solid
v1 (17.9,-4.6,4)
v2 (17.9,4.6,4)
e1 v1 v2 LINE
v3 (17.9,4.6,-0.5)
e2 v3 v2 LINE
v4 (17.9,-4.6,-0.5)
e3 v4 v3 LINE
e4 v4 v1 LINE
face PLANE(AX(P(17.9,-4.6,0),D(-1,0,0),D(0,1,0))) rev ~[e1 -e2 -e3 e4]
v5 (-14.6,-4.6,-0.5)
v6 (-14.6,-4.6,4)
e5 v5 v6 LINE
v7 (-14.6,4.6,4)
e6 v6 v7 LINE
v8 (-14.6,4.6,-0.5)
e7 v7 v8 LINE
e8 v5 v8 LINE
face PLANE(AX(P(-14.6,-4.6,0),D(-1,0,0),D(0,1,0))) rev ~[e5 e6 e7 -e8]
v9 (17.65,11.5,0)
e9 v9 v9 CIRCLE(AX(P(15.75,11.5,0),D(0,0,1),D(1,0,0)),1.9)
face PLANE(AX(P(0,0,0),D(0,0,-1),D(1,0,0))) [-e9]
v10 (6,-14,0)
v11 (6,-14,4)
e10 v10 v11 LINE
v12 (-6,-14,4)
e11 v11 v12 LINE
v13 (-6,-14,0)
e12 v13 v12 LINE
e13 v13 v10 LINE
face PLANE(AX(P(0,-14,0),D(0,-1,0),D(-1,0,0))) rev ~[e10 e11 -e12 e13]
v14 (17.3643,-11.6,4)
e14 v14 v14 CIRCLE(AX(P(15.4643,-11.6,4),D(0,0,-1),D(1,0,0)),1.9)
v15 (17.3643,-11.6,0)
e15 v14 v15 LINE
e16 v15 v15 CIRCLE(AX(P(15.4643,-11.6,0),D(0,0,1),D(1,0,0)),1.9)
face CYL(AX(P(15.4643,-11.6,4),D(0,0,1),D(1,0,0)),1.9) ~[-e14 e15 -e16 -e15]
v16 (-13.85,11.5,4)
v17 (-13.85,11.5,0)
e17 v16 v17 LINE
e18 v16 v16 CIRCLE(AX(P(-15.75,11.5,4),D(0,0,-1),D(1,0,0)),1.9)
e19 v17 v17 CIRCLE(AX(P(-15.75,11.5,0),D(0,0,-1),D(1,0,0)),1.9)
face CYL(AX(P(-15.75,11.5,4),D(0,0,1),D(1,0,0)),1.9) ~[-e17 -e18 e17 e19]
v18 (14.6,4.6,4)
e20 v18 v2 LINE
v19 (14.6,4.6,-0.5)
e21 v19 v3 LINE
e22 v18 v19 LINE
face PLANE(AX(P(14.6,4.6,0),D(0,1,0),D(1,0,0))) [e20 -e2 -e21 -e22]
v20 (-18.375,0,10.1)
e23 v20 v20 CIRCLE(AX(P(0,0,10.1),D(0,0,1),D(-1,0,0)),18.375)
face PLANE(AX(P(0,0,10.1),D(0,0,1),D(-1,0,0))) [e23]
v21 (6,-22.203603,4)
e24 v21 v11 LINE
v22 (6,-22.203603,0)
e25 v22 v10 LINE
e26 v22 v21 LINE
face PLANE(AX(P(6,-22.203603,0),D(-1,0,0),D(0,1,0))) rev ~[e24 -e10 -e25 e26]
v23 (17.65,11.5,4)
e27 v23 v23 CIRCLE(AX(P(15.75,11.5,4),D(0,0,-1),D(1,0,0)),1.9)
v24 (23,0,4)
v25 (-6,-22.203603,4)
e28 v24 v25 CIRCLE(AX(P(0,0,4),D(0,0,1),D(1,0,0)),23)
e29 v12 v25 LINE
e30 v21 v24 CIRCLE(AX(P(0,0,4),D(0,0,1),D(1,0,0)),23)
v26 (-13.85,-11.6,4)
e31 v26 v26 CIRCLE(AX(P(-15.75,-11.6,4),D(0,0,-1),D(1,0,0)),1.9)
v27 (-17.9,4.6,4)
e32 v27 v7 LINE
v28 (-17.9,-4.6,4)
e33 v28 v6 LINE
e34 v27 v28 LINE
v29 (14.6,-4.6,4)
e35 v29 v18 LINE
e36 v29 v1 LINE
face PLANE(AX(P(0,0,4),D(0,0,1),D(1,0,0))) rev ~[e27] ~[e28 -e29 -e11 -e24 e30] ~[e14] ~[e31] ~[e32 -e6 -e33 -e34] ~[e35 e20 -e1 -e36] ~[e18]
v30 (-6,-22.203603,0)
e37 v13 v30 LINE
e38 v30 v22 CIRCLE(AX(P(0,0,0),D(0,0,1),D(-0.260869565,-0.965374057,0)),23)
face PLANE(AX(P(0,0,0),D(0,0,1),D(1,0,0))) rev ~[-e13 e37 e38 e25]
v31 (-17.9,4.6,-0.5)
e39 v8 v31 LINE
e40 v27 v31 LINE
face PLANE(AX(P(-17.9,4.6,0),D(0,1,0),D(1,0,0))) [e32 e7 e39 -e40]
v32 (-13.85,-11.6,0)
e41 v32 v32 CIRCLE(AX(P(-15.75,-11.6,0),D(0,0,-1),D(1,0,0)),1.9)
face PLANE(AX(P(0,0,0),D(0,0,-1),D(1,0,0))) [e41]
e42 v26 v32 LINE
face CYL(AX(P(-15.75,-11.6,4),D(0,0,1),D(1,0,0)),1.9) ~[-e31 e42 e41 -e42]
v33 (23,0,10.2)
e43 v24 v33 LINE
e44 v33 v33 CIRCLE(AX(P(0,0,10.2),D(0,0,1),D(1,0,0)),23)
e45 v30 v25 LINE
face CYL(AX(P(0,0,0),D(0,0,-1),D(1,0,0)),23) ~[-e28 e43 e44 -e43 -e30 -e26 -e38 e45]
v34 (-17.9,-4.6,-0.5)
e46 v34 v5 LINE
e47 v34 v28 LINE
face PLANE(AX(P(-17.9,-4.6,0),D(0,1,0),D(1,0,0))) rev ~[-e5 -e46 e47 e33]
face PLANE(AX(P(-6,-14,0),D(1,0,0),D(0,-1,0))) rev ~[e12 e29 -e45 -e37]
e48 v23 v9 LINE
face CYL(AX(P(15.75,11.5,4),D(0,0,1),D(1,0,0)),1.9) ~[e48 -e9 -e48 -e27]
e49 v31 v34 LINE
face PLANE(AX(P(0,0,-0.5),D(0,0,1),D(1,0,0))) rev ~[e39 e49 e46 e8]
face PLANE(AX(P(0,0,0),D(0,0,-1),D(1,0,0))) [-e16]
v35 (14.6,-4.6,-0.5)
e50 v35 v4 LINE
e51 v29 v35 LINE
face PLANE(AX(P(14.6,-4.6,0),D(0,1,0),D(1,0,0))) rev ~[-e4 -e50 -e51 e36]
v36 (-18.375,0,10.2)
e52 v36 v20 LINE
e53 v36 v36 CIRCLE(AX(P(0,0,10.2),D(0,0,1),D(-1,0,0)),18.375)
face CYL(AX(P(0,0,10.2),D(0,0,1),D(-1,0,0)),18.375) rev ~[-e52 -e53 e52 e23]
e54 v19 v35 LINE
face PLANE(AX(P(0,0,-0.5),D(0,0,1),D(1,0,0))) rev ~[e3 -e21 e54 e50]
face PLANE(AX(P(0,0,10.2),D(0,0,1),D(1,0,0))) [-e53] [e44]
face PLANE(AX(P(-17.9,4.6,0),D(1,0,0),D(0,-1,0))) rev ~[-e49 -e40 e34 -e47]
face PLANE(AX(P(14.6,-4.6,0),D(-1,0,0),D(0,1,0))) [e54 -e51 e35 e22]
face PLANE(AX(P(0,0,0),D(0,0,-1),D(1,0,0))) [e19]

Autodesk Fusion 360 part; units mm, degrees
sketch "Sketch1" plane through (0, 0, 0) normal (0, 0, 1) x (1, 0, 0)
  circle A0 centre (0, 0) radius 23
  dimension "d1" = 46
extrude "Extrude1" add sketch "Sketch1" along normal blind 10.2
sketch "Sketch2" plane through (0, 0, 0) normal (0, 0, 1) x (1, 0, 0)
  line L0 (-16.25, 4.6) -> (-14.6, 4.6)
  line L1 (-14.6, 4.6) -> (-17.9, 4.6)
  line L2 (-17.9, 4.6) -> (-17.9, -4.6)
  line L3 (-17.9, -4.6) -> (-14.6, -4.6)
  line L4 (-14.6, -4.6) -> (-14.6, 4.6)
  line L5 (14.6, 0) -> (14.6, 4.6)
  line L6 (14.6, 4.6) -> (17.9, 4.6)
  line L7 (17.9, 4.6) -> (14.6, 4.6)
  line L8 (14.6, 4.6) -> (14.6, -4.6)
  line L9 (14.6, -4.6) -> (17.9, -4.6)
  line L10 (17.9, -4.6) -> (17.9, 4.6)
  dimension "d6" = 1.65
  dimension "d7" = 3.3
  dimension "d8" = 9.2
  dimension "d10" = 14.6
  dimension "d11" = 3.3
  dimension "d12" = 3.3
  dimension "d13" = 9.2
extrude "Extrude2" add sketch "Sketch2" against normal blind 0.3
sketch "Sketch5" plane through (0, 0, 0) normal (0, 0, -1) x (1, 0, 0)
  line L0 (-14.6, -4.6) -> (-17.9, -4.6)
  line L1 (-17.9, -4.6) -> (-17.9, 4.6)
  line L2 (-17.9, 4.6) -> (-14.6, 4.6)
  line L3 (-14.6, 4.6) -> (-14.6, -4.6)
  line L4 (17.9, -4.6) -> (14.6, -4.6)
  line L5 (14.6, -4.6) -> (14.6, 4.6)
  line L6 (14.6, 4.6) -> (17.9, 4.6)
  line L7 (17.9, 4.6) -> (17.9, -4.6)
  circle A0 centre (0, 0) radius 23
  circle A1 centre (0, 0) radius 23
  line L8 (-17.9, 4.6) -> (-14.6, 4.6)
  line L9 (-14.6, 4.6) -> (-14.6, -4.6)
  line L10 (-14.6, -4.6) -> (-17.9, -4.6)
  line L11 (-17.9, -4.6) -> (-17.9, 4.6)
  line L12 (14.6, 4.6) -> (17.9, 4.6)
  line L13 (17.9, 4.6) -> (17.9, -4.6)
  line L14 (17.9, -4.6) -> (14.6, -4.6)
  line L15 (14.6, -4.6) -> (14.6, 4.6)
extrude "Extrude3" cut 1 faces at (-0.5729, -10.7119, 0) along direction (0, 0, 1) blind 4
sketch "Sketch6" plane through (0, 0, 4) normal (0, 0, -1) x (1, 0, 0)
  line L0 (-14.6, -4.6) -> (-17.9, -4.6)
  line L1 (-17.9, -4.6) -> (-17.9, 4.6)
  line L2 (-17.9, 4.6) -> (-14.6, 4.6)
  line L3 (-14.6, 4.6) -> (-14.6, -4.6)
  line L4 (17.9, -4.6) -> (14.6, -4.6)
  line L5 (14.6, -4.6) -> (14.6, 4.6)
  line L6 (14.6, 4.6) -> (17.9, 4.6)
  line L7 (17.9, 4.6) -> (17.9, -4.6)
  circle A0 centre (0, 0) radius 23
  line L8 (0, 0) -> (0, 11.6)
  line L9 (0, 0) -> (0, -11.5)
  line L10 (0, 11.6) -> (-15.75, 11.6)
  line L11 (0, 11.6) -> (15.75, 11.6)
  line L12 (0, -11.5) -> (15.75, -11.5)
  line L13 (0, -11.5) -> (-15.75, -11.5)
  circle A1 centre (-15.75, 11.6) radius 1.9
  circle A2 centre (15.4643, 11.6) radius 1.9
  circle A3 centre (-15.75, -11.5) radius 1.9
  circle A4 centre (15.75, -11.5) radius 1.9
  dimension "d18" = 11.6
  dimension "d19" = 11.5
  dimension "d20" = 15.75
  dimension "d21" = 15.75
  dimension "d22" = 15.75
  dimension "d23" = 15.75
  dimension "d24" = 3.8
  dimension "d25" = 3.8
  dimension "d26" = 3.8
  dimension "d27" = 3.8
extrude "Extrude4" add sketch "Sketch6" along normal blind 4 contours A1 | A2 | A4 | A3
extrude "Extrude5" add 2 faces at (-15.7, -1.5333, -0.3) (15.7, 1.5333, -0.3) along direction (0, 0, -1) blind 0.2
sketch "Sketch7" plane through (0, 0, 0) normal (0, 1, 0) x (1, 0, 0)
sketch "Sketch8" plane through (0, 0, 0) normal (0, 0, 1) x (1, 0, 0)
  line L0 (0, 0) -> (15, 0)
  line L1 (15, 0) -> (15, 15.5)
  line L2 (15, 15.5) -> (0, 15.5)
  line L3 (0, 15.5) -> (0, 0)
  dimension "d32" = 15
  dimension "d33" = 15.5
sketch "Sketch9" plane through (0, 0, -0.5) normal (0, 0, -1) x (1, 0, 0)
  line L0 (17.9, -4.6) -> (17.9, 4.6)
  line L1 (17.9, 4.6) -> (14.6, 4.6)
  line L2 (14.6, 4.6) -> (14.6, -4.6)
  line L3 (14.6, -4.6) -> (17.9, -4.6)
  line L4 (15, -15.5) -> (-15, -15.5)
  line L5 (-15, -15.5) -> (-15, 15.5)
  line L6 (-15, 15.5) -> (15, 15.5)
  line L7 (15, 15.5) -> (15, -15.5)
  line L8 (0, 0) -> (16, 0)
  dimension "d34" = 30
  dimension "d35" = 31
sketch "Sketch10" plane through (0, 0, 0) normal (0, 0, 1) x (1, 0, 0)
  line L0 (0, -23) -> (6, -23)
  line L1 (6, -23) -> (6, -14)
  line L2 (6, -14) -> (0, -14)
  line L3 (0, -14) -> (0, -23)
  line L4 (6, -14) -> (-6, -14)
  line L5 (-6, -14) -> (-6, -23)
  line L6 (-6, -23) -> (6, -23)
  line L7 (6, -23) -> (6, -14)
  circle A0 centre (0, 0) radius 23
  dimension "d36" = 6
  dimension "d37" = 12
extrude "Extrude6" add sketch "Sketch10" along normal blind 4 contours L3 L4 L5 A0 | L1 L2 L3 L4 L7 A0
sketch "Sketch11" plane through (0, 0, -0.5) normal (0, 0, -1) x (1, 0, 0)
  line L0 (0, 23) -> (0, 15.5)
sketch "Sketch12" plane through (0, 0, 0) normal (1, 0, 0) x (0, 1, 0)
sketch "Sketch13" plane through (0, 0, -0.5) normal (0, 0, -1) x (1, 0, 0)
  line L0 (0, 0) -> (-14.6, 0)
  line L1 (-14.6, 0) -> (-17.9, 0)
  line L2 (-14.6, 4.6) -> (-17.9, 4.6)
  line L3 (-17.9, 4.6) -> (-17.9, -4.6)
  line L4 (-17.9, -4.6) -> (-14.6, -4.6)
  line L5 (-14.6, -4.6) -> (-14.6, 4.6)
sketch "Sketch14" plane through (17.9, 0, 0) normal (1, 0, 0) x (0, 1, 0)
  line L0 (-4.6, 4) -> (-4.6, -0.5)
  line L1 (-4.6, -0.5) -> (4.6, -0.5)
  line L2 (4.6, -0.5) -> (4.6, 4)
  line L3 (4.6, 4) -> (-4.6, 4)
ref_plane "WorkPlane1" through (0, 0, 0) normal (1, 0, 0) x (0, 1, 0)
ref_plane "WorkPlane2" through (0, 0, 0) normal (0, 1, 0) x (0, 0, 1)
sketch "Sketch15" plane through (0, 0, 10.2) normal (0, 0, 1) x (-1, 0, 0)
  circle A0 centre (0, 0) radius 23
  circle A1 centre (0, 0) radius 18.375
  dimension "d42" = 36.75
extrude "Extrude7" cut sketch "Sketch15" against normal blind 0.1 contours A1
equation "d6 = ( 3.3 / 2 ) * 1 mm"
equation "d20 = ( 31.5 / 2 ) * 1 mm"
equation "d21 = ( 31.5 / 2 ) * 1 mm"
equation "d22 = ( 31.5 / 2 ) * 1 mm"
equation "d23 = ( 31.5 / 2 ) * 1 mm"
